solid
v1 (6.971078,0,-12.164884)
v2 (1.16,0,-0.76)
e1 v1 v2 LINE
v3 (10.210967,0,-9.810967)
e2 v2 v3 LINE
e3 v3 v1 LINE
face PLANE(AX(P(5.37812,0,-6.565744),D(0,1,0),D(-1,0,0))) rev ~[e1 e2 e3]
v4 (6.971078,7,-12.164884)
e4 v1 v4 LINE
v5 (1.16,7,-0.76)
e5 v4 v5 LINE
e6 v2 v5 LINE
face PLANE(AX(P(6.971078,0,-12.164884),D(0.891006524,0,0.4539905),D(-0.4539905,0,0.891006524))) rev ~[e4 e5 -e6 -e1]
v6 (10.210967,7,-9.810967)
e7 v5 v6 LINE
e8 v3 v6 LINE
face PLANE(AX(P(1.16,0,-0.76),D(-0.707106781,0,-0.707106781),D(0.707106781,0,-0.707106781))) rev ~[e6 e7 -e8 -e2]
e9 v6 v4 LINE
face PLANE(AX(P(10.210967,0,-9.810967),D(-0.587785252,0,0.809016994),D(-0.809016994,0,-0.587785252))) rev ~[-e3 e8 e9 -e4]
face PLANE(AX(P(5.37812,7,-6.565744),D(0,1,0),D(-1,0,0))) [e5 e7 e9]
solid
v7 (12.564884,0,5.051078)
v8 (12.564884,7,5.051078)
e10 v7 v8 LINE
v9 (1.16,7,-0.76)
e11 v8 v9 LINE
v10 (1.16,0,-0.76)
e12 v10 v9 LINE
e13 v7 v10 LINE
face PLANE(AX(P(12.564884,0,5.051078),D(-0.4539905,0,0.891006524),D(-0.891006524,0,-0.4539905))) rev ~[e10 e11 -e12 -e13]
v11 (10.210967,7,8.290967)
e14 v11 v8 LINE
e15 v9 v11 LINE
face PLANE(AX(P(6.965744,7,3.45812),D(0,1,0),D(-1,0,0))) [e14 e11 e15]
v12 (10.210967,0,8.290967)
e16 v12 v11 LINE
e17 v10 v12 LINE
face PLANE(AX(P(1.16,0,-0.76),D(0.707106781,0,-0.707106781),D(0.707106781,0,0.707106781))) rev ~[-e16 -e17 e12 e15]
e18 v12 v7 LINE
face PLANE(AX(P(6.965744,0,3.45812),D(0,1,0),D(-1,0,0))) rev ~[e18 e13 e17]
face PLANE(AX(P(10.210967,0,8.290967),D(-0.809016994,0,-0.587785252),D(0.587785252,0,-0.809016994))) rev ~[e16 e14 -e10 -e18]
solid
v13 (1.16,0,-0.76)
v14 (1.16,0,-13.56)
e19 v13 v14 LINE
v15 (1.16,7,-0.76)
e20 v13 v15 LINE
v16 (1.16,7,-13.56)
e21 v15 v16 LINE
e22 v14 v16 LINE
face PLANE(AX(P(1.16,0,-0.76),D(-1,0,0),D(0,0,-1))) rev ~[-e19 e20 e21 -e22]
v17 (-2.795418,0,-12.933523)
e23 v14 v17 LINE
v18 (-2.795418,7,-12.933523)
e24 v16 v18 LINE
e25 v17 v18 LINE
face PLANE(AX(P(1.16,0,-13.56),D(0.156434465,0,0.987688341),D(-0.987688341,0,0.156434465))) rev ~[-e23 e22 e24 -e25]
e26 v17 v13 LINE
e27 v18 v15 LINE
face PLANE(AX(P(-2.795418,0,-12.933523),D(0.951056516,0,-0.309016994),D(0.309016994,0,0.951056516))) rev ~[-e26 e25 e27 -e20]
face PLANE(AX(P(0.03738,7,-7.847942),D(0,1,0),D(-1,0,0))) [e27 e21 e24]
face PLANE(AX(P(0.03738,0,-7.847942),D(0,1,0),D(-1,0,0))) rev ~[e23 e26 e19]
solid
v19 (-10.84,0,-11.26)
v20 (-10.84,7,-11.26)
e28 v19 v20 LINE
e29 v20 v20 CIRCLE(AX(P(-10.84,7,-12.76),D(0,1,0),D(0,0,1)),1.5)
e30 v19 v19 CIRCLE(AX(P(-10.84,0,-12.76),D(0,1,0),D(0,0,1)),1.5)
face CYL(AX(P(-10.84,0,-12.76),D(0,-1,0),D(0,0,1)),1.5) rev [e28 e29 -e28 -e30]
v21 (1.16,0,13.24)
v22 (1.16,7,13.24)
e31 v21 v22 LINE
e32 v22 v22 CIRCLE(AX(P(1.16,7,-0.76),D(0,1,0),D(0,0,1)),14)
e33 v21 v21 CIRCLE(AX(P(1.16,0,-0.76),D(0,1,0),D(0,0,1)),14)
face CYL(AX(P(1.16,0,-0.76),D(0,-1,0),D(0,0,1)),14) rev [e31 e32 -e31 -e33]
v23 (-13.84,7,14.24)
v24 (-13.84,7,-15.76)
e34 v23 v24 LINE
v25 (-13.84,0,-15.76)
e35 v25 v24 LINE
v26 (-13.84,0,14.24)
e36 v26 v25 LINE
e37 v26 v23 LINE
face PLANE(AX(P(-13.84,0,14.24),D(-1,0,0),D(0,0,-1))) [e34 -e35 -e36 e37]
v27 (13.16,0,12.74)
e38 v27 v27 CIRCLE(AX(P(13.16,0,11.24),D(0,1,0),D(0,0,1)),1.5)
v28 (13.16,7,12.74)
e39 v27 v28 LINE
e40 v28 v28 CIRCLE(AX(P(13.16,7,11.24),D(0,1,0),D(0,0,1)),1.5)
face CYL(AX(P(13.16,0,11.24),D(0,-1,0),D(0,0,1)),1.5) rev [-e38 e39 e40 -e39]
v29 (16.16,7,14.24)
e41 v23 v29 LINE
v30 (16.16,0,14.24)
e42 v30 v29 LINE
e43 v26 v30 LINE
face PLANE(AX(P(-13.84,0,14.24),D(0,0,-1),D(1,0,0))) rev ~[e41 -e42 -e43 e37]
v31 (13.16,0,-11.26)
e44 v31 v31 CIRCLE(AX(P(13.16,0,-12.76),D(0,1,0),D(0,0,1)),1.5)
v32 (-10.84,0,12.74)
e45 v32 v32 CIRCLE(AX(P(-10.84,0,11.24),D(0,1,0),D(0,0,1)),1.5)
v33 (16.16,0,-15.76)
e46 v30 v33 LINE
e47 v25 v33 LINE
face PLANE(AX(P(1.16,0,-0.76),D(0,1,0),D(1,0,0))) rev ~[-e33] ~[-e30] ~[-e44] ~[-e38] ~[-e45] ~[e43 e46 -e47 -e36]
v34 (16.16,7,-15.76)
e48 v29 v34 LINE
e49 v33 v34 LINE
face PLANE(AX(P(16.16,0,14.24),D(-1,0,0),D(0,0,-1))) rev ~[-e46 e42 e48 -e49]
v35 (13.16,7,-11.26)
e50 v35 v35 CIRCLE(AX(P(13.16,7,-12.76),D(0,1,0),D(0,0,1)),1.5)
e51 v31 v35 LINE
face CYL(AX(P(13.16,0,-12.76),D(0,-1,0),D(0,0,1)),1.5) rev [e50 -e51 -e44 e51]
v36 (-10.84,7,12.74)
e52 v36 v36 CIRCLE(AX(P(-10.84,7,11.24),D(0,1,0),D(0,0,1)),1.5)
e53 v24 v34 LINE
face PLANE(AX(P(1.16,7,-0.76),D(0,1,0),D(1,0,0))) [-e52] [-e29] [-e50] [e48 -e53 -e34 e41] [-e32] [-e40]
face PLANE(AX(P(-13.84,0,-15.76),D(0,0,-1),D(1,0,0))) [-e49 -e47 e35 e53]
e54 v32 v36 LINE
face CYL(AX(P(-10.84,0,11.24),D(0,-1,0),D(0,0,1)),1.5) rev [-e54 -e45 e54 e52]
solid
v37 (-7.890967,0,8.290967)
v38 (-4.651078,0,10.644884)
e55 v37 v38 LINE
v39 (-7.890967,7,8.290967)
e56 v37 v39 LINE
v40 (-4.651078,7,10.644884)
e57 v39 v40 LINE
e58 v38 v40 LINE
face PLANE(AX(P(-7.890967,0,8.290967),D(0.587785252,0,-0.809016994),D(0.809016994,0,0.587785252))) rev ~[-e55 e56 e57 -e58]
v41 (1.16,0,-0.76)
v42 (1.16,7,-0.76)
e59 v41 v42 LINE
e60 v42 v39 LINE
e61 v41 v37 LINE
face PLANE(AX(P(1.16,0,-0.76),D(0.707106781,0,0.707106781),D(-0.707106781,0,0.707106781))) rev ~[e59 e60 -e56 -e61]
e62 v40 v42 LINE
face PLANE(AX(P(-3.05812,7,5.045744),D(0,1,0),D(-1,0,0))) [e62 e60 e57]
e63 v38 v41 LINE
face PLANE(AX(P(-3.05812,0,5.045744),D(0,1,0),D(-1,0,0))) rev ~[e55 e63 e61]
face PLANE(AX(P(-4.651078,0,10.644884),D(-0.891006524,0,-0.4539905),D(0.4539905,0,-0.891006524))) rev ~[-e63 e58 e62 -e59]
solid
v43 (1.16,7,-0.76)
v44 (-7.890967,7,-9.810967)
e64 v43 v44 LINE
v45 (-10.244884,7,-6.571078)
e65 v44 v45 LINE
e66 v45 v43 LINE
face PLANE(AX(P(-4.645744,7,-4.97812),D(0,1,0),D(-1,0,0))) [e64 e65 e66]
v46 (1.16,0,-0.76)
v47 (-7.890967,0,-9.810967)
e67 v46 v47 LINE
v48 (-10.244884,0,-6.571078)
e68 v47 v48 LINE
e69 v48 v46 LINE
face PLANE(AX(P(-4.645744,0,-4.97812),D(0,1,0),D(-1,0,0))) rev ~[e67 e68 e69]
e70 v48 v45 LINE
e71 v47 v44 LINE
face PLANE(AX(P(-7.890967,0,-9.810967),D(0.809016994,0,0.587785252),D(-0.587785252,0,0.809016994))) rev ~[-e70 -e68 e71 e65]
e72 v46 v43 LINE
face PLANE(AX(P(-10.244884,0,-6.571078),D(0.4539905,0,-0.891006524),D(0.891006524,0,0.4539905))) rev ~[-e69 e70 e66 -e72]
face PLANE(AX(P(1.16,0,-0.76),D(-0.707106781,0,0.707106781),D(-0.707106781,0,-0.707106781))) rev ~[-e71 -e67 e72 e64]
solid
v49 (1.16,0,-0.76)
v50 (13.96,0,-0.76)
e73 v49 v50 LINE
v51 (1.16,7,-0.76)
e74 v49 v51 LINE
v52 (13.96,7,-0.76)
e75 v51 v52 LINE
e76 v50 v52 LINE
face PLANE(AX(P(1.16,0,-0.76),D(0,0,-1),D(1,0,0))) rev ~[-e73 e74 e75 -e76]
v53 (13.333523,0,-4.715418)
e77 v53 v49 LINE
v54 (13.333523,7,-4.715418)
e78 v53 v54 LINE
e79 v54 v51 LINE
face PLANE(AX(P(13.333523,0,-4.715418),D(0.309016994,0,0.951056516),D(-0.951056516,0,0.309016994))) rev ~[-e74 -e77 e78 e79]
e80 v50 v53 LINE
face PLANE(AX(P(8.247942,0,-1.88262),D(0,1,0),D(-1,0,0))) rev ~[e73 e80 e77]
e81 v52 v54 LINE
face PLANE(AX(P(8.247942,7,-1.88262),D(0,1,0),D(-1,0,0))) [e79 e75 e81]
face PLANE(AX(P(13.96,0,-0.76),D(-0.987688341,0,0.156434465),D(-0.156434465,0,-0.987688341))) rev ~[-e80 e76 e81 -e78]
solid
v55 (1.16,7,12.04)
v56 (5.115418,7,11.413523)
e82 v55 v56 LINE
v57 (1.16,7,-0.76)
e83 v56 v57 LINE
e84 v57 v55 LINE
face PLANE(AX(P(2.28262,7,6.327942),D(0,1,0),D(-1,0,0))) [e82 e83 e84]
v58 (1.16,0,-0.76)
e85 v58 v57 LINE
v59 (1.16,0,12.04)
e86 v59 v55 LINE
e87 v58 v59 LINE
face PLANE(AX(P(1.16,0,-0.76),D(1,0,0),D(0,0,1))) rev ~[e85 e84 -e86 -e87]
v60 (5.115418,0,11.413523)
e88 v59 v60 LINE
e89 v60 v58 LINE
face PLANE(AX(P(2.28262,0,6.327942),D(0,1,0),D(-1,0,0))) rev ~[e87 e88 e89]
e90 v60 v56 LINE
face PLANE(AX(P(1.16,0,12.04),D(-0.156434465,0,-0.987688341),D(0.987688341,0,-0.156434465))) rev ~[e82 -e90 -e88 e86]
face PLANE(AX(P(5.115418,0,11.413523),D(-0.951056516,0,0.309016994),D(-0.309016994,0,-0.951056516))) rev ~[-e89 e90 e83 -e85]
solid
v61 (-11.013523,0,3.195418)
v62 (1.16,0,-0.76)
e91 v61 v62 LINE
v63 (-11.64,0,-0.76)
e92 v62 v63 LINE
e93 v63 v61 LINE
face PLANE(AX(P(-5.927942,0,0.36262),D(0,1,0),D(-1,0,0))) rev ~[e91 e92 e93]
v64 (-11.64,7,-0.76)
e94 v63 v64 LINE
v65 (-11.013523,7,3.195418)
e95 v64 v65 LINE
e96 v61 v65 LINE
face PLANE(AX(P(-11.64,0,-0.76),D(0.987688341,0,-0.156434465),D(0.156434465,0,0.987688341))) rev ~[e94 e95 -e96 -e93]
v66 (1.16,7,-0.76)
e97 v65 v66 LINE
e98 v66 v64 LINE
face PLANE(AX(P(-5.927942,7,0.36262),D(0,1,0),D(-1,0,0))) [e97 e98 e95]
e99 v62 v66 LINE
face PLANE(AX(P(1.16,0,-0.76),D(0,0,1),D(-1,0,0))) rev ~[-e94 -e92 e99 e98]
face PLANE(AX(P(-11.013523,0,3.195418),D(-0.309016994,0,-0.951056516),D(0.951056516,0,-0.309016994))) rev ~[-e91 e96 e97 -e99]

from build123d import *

# Parameters (mm, degrees)
SKETCH_1_W        = 30
SKETCH_1_H        = 30
SKETCH_1_R        = 1.5
SKETCH_1_R_2      = 14
EXTRUDE_1_DEPTH   = 7
EXTRUDE_2_DEPTH   = 7
EXTRUDE_2_2_DEPTH = 7
EXTRUDE_2_3_DEPTH = 7
EXTRUDE_2_4_DEPTH = 7
EXTRUDE_2_5_DEPTH = 7
EXTRUDE_2_6_DEPTH = 7
EXTRUDE_2_7_DEPTH = 7
EXTRUDE_2_8_DEPTH = 7


with BuildPart() as part:
    # 草图1 → 凸台-拉伸1 (new body)
    with BuildSketch(Plane(origin=(0, 0, 0), x_dir=(1, 0, 0), z_dir=(0, 1, 0))):
        with Locations((1.16, 0.76)):
            Rectangle(SKETCH_1_W, SKETCH_1_H)
        with Locations(Location((-10.84, 12.76, 0), (0, 0, 270))):
            Circle(SKETCH_1_R, mode=Mode.SUBTRACT)
        with Locations(Location((-10.84, -11.24, 0), (0, 0, 270))):
            Circle(SKETCH_1_R, mode=Mode.SUBTRACT)
        with Locations(Location((13.16, -11.24, 0), (0, 0, 270))):
            Circle(SKETCH_1_R, mode=Mode.SUBTRACT)
        with Locations(Location((13.16, 12.76, 0), (0, 0, 270))):
            Circle(SKETCH_1_R, mode=Mode.SUBTRACT)
        with Locations(Location((1.16, 0.76, 0), (0, 0, 270))):
            Circle(SKETCH_1_R_2, mode=Mode.SUBTRACT)
    extrude(amount=EXTRUDE_1_DEPTH)


with BuildPart() as body_2:
    # 草图2 → 凸台-拉伸2 (new body)
    with BuildSketch(Plane.XZ):
        Polygon((1.16, -0.76), (10.210966799, -9.810966799), (6.971078397, -12.16488351), align=None)
    extrude(amount=-EXTRUDE_2_DEPTH)


with BuildPart() as body_3:
    # 草图2 → Extrude 2 2 (new body)
    with BuildSketch(Plane.XZ):
        Polygon((-2.795417528, -12.933523409), (1.16, -0.76), (1.16, -13.56), align=None)
    extrude(amount=-EXTRUDE_2_2_DEPTH)


with BuildPart() as body_4:
    # 草图2 → Extrude 2 3 (new body)
    with BuildSketch(Plane.XZ):
        Polygon((1.16, -0.76), (-7.890966799, -9.810966799), (-10.24488351, -6.571078397), align=None)
    extrude(amount=-EXTRUDE_2_3_DEPTH)


with BuildPart() as body_5:
    # 草图2 → Extrude 2 4 (new body)
    with BuildSketch(Plane.XZ):
        Polygon((1.16, -0.76), (-11.64, -0.76), (-11.013523409, 3.195417528), align=None)
    extrude(amount=-EXTRUDE_2_4_DEPTH)


with BuildPart() as body_6:
    # 草图2 → Extrude 2 5 (new body)
    with BuildSketch(Plane.XZ):
        Polygon((1.16, -0.76), (-7.890966799, 8.290966799), (-4.651078397, 10.64488351), align=None)
    extrude(amount=-EXTRUDE_2_5_DEPTH)


with BuildPart() as body_7:
    # 草图2 → Extrude 2 6 (new body)
    with BuildSketch(Plane.XZ):
        Polygon((1.16, -0.76), (1.16, 12.04), (5.115417528, 11.413523409), align=None)
    extrude(amount=-EXTRUDE_2_6_DEPTH)


with BuildPart() as body_8:
    # 草图2 → Extrude 2 7 (new body)
    with BuildSketch(Plane.XZ):
        Polygon((1.16, -0.76), (10.210966799, 8.290966799), (12.56488351, 5.051078397), align=None)
    extrude(amount=-EXTRUDE_2_7_DEPTH)


with BuildPart() as body_9:
    # 草图2 → Extrude 2 8 (new body)
    with BuildSketch(Plane.XZ):
        Polygon((1.16, -0.76), (13.96, -0.76), (13.333523409, -4.715417528), align=None)
    extrude(amount=-EXTRUDE_2_8_DEPTH)


solid = Compound([part.part, body_2.part, body_3.part, body_4.part, body_5.part, body_6.part, body_7.part, body_8.part, body_9.part])
